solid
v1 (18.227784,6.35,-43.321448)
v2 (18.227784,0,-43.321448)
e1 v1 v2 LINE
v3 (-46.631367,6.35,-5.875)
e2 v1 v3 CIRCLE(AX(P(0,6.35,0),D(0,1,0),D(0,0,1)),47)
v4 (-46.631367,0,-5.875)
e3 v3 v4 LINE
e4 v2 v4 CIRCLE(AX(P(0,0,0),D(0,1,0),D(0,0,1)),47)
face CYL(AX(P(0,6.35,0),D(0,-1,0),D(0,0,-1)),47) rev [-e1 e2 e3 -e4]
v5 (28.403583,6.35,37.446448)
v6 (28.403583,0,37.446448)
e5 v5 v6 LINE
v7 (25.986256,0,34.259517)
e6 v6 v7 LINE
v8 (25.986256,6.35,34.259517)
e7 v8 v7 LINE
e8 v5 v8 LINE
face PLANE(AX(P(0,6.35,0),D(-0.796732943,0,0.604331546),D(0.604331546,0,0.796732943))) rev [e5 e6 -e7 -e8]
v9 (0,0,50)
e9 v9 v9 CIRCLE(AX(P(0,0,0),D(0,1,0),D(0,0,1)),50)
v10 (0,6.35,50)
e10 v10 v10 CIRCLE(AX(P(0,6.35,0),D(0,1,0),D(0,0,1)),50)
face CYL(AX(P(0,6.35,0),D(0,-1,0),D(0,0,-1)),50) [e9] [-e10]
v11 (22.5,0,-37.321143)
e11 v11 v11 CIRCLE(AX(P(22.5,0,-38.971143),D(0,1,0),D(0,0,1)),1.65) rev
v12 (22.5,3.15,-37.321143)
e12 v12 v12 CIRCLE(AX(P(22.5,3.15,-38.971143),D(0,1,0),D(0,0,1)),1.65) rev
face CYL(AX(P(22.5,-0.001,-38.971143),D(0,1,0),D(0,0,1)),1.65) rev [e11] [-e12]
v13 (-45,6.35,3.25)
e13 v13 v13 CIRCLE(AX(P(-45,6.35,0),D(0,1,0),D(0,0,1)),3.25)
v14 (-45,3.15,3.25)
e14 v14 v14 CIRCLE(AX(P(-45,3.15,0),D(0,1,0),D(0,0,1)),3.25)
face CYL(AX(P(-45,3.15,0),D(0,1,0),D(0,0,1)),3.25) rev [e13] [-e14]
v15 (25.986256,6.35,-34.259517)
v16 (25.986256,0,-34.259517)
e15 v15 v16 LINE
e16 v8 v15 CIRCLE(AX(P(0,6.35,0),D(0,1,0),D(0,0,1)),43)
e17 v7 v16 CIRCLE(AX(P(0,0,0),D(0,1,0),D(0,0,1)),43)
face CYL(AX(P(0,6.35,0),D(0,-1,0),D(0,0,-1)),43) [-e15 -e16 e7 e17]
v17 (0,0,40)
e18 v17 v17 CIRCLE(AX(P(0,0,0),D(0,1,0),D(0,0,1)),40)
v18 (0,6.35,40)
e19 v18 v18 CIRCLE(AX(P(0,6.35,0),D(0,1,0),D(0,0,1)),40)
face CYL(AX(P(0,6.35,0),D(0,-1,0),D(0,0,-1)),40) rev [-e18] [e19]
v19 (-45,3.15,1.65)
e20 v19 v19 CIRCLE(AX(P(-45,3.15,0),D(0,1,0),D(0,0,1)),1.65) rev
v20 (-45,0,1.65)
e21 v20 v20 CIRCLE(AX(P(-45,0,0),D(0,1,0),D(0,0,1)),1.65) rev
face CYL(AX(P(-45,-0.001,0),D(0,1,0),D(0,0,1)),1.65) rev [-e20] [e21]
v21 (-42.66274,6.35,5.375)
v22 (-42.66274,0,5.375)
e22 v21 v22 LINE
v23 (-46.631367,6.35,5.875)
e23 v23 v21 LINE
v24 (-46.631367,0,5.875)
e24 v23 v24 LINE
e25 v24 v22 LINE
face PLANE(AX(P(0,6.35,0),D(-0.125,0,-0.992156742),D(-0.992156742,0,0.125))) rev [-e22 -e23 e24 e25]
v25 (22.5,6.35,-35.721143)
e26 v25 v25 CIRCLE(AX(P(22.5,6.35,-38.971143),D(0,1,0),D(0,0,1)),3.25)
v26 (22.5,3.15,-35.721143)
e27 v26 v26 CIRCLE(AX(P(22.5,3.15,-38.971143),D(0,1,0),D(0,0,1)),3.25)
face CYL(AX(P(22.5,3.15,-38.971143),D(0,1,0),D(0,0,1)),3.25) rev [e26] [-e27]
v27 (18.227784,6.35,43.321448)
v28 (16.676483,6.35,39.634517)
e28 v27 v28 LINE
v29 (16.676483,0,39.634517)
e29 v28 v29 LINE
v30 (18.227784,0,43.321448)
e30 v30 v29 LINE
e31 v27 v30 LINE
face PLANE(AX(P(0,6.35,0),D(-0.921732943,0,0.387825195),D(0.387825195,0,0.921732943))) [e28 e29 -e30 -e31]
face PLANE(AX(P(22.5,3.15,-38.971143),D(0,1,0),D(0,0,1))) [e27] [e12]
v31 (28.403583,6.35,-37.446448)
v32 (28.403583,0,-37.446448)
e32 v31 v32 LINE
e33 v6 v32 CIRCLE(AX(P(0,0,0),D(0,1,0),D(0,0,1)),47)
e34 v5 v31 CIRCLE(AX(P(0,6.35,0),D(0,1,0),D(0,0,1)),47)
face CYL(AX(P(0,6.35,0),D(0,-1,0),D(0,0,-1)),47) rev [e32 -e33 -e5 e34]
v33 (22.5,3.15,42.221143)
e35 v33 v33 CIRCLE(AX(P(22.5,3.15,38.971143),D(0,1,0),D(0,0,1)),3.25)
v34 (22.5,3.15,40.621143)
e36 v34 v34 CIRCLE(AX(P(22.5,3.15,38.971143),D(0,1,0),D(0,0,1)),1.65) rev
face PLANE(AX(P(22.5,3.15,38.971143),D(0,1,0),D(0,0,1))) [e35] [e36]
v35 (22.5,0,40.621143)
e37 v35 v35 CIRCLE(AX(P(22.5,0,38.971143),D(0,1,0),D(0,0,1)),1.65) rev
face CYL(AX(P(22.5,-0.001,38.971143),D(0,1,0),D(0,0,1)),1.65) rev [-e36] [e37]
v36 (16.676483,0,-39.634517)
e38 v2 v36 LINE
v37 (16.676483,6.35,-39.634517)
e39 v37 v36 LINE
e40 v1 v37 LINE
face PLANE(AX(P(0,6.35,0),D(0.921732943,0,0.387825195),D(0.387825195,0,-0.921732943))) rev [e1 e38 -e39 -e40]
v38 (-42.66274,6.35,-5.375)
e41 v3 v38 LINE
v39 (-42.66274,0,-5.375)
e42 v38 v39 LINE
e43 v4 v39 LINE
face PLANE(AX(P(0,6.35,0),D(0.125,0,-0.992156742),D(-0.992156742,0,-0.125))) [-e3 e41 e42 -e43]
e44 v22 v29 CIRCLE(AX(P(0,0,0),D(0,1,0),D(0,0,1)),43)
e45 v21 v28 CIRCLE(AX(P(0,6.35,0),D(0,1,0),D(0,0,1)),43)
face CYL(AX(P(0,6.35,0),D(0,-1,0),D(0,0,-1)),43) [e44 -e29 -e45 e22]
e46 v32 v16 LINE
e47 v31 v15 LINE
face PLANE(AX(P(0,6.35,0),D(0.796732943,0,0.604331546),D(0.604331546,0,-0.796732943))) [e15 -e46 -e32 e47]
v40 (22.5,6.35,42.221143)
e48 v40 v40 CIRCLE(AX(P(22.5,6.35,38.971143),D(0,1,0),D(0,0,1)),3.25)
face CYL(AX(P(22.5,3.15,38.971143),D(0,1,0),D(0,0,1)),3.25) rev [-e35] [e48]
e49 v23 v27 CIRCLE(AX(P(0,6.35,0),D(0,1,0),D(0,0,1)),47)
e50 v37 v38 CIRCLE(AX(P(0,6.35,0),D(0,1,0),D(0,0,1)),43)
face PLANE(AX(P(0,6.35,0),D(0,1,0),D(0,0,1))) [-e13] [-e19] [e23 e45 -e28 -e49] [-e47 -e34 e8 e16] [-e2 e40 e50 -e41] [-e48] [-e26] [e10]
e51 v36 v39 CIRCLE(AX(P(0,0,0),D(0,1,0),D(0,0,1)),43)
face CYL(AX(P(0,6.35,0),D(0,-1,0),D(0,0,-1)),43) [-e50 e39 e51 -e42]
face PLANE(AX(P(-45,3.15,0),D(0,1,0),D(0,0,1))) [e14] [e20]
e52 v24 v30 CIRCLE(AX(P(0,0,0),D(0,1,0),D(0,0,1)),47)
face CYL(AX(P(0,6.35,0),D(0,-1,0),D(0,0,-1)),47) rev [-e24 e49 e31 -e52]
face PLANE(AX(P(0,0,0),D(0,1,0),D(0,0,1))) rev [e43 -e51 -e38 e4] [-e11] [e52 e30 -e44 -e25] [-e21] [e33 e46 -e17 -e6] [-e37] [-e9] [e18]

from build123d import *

# Parameters (mm, degrees)
BOSS_EXTRUDE1_DEPTH = 6.35
M3_HOLES_REACH      = 72.995
SKETCH2_R           = 1.65
SKETCH3_R           = 3.25
CUT_EXTRUDE1_DEPTH  = 3.2


with BuildPart() as part:
    # Sketch1 → Boss-Extrude1 (new body)
    with BuildSketch(Plane(origin=(0, 0, 0), x_dir=(1, 0, 0), z_dir=(0, 1, 0))):
        with BuildLine():
            ThreePointArc((50, 0), (44.781853835, 22.239279825), (30.216577315, 39.83664714))
            Line((30.216577315, 39.83664714), (28.403582676, 37.446448312))
            ThreePointArc((28.403582676, 37.446448312), (42.094942605, 20.904923035), (47, 0))
            ThreePointArc((47, 0), (42.094942605, -20.904923035), (28.403582676, -37.446448312))
            Line((28.403582676, -37.446448312), (30.216577315, -39.83664714))
            ThreePointArc((30.216577315, -39.83664714), (44.781853835, -22.239279825), (50, 0))
        make_face()
        with BuildLine():
            ThreePointArc((43, 0), (38.512394298, 19.125780649), (25.986256491, 34.259516541))
            Line((25.986256491, 34.259516541), (24.173261852, 31.869317712))
            ThreePointArc((24.173261852, 31.869317712), (35.825483068, 17.79142386), (40, 0))
            ThreePointArc((40, 0), (35.825483068, -17.79142386), (24.173261852, -31.869317712))
            Line((24.173261852, -31.869317712), (25.986256491, -34.259516541))
            ThreePointArc((25.986256491, -34.259516541), (38.512394298, -19.125780649), (43, 0))
        make_face()
        with BuildLine():
            ThreePointArc((16.6764834, -39.634516541), (21.5, -37.239092363), (25.986256491, -34.259516541))
            Line((25.986256491, -34.259516541), (24.173261852, -31.869317712))
            ThreePointArc((24.173261852, -31.869317712), (20, -34.641016151), (15.513007814, -36.869317712))
            Line((15.513007814, -36.869317712), (16.6764834, -39.634516541))
        make_face()
        with BuildLine():
            ThreePointArc((18.227784182, -43.321448312), (23.5, -40.703193978), (28.403582676, -37.446448312))
            Line((28.403582676, -37.446448312), (25.986256491, -34.259516541))
            ThreePointArc((25.986256491, -34.259516541), (21.5, -37.239092363), (16.6764834, -39.634516541))
            Line((16.6764834, -39.634516541), (18.227784182, -43.321448312))
        make_face()
        with BuildLine():
            ThreePointArc((19.391259768, -46.08664714), (25, -43.301270189), (30.216577315, -39.83664714))
            Line((30.216577315, -39.83664714), (28.403582676, -37.446448312))
            ThreePointArc((28.403582676, -37.446448312), (23.5, -40.703193978), (18.227784182, -43.321448312))
            Line((18.227784182, -43.321448312), (19.391259768, -46.08664714))
        make_face()
        with BuildLine():
            ThreePointArc((-49.607837082, -6.25), (-25, -43.301270189), (19.391259768, -46.08664714))
            Line((19.391259768, -46.08664714), (18.227784182, -43.321448312))
            ThreePointArc((18.227784182, -43.321448312), (-23.5, -40.703193978), (-46.631366858, -5.875))
            Line((-46.631366858, -5.875), (-49.607837082, -6.25))
        make_face()
        with BuildLine():
            ThreePointArc((-42.662739891, -5.375), (-21.5, -37.239092363), (16.6764834, -39.634516541))
            Line((16.6764834, -39.634516541), (15.513007814, -36.869317712))
            ThreePointArc((15.513007814, -36.869317712), (-20, -34.641016151), (-39.686269666, -5))
            Line((-39.686269666, -5), (-42.662739891, -5.375))
        make_face()
        with BuildLine():
            Line((-39.686269666, 5), (-42.662739891, 5.375))
            ThreePointArc((-42.662739891, 5.375), (-43, 0), (-42.662739891, -5.375))
            Line((-42.662739891, -5.375), (-39.686269666, -5))
            ThreePointArc((-39.686269666, -5), (-40, 0), (-39.686269666, 5))
        make_face()
        with BuildLine():
            Line((-42.662739891, 5.375), (-46.631366858, 5.875))
            ThreePointArc((-46.631366858, 5.875), (-47, 0), (-46.631366858, -5.875))
            Line((-46.631366858, -5.875), (-42.662739891, -5.375))
            ThreePointArc((-42.662739891, -5.375), (-43, 0), (-42.662739891, 5.375))
        make_face()
        with BuildLine():
            Line((-46.631366858, 5.875), (-49.607837082, 6.25))
            ThreePointArc((-49.607837082, 6.25), (-50, 0), (-49.607837082, -6.25))
            Line((-49.607837082, -6.25), (-46.631366858, -5.875))
            ThreePointArc((-46.631366858, -5.875), (-47, 0), (-46.631366858, 5.875))
        make_face()
        with BuildLine():
            Line((18.227784182, 43.321448312), (19.391259768, 46.08664714))
            ThreePointArc((19.391259768, 46.08664714), (-25, 43.301270189), (-49.607837082, 6.25))
            Line((-49.607837082, 6.25), (-46.631366858, 5.875))
            ThreePointArc((-46.631366858, 5.875), (-23.5, 40.703193978), (18.227784182, 43.321448312))
        make_face()
        with BuildLine():
            Line((15.513007814, 36.869317712), (16.6764834, 39.634516541))
            ThreePointArc((16.6764834, 39.634516541), (-21.5, 37.239092363), (-42.662739891, 5.375))
            Line((-42.662739891, 5.375), (-39.686269666, 5))
            ThreePointArc((-39.686269666, 5), (-20, 34.641016151), (15.513007814, 36.869317712))
        make_face()
        with BuildLine():
            Line((24.173261852, 31.869317712), (25.986256491, 34.259516541))
            ThreePointArc((25.986256491, 34.259516541), (21.5, 37.239092363), (16.6764834, 39.634516541))
            Line((16.6764834, 39.634516541), (15.513007814, 36.869317712))
            ThreePointArc((15.513007814, 36.869317712), (20, 34.641016151), (24.173261852, 31.869317712))
        make_face()
        with BuildLine():
            Line((25.986256491, 34.259516541), (28.403582676, 37.446448312))
            ThreePointArc((28.403582676, 37.446448312), (23.5, 40.703193978), (18.227784182, 43.321448312))
            Line((18.227784182, 43.321448312), (16.6764834, 39.634516541))
            ThreePointArc((16.6764834, 39.634516541), (21.5, 37.239092363), (25.986256491, 34.259516541))
        make_face()
        with BuildLine():
            Line((28.403582676, 37.446448312), (30.216577315, 39.83664714))
            ThreePointArc((30.216577315, 39.83664714), (25, 43.301270189), (19.391259768, 46.08664714))
            Line((19.391259768, 46.08664714), (18.227784182, 43.321448312))
            ThreePointArc((18.227784182, 43.321448312), (23.5, 40.703193978), (28.403582676, 37.446448312))
        make_face()
    extrude(amount=BOSS_EXTRUDE1_DEPTH)

    # Sketch2 → M3-holes (cut, up to next)
    with BuildSketch(Plane(origin=(0, 6.35, 0), x_dir=(1, 0, 0), z_dir=(0, 1, 0)), mode=Mode.PRIVATE) as m3_holes_sk1:
        with Locations(Location((-45, 0, 0), (0, 0, 270))):
            Circle(SKETCH2_R)
    m3_holes_tool1 = extrude(m3_holes_sk1.sketch, amount=-M3_HOLES_REACH, mode=Mode.PRIVATE) & part.part
    # Sketch2 → M3-holes (cut, up to next)
    with BuildSketch(Plane(origin=(0, 6.35, 0), x_dir=(1, 0, 0), z_dir=(0, 1, 0)), mode=Mode.PRIVATE) as m3_holes_sk2:
        with Locations(Location((22.5, -38.97114317, 0), (0, 0, 270))):
            Circle(SKETCH2_R)
    m3_holes_tool2 = extrude(m3_holes_sk2.sketch, amount=-M3_HOLES_REACH, mode=Mode.PRIVATE) & part.part
    # Sketch2 → M3-holes (cut, up to next)
    with BuildSketch(Plane(origin=(0, 6.35, 0), x_dir=(1, 0, 0), z_dir=(0, 1, 0)), mode=Mode.PRIVATE) as m3_holes_sk3:
        with Locations(Location((22.5, 38.97114317, 0), (0, 0, 270))):
            Circle(SKETCH2_R)
    m3_holes_tool3 = extrude(m3_holes_sk3.sketch, amount=-M3_HOLES_REACH, mode=Mode.PRIVATE) & part.part
    add(m3_holes_tool1.solids().sort_by_distance((-45, 6.35, 0))[0], mode=Mode.SUBTRACT)
    add(m3_holes_tool2.solids().sort_by_distance((22.5, 6.35, 38.971143))[0], mode=Mode.SUBTRACT)
    add(m3_holes_tool3.solids().sort_by_distance((22.5, 6.35, -38.971143))[0], mode=Mode.SUBTRACT)

    # Sketch3 → Cut-Extrude1 (cut)
    with BuildSketch(Plane(origin=(0, 6.35, 0), x_dir=(1, 0, 0), z_dir=(0, 1, 0))):
        with Locations(Location((-45, 0, 0), (0, 0, 270))):
            Circle(SKETCH3_R)
        with Locations(Location((22.5, 38.97114317, 0), (0, 0, 270))):
            Circle(SKETCH3_R)
        with Locations(Location((22.5, -38.97114317, 0), (0, 0, 270))):
            Circle(SKETCH3_R)
    extrude(amount=-CUT_EXTRUDE1_DEPTH, mode=Mode.SUBTRACT)


solid = part.part
